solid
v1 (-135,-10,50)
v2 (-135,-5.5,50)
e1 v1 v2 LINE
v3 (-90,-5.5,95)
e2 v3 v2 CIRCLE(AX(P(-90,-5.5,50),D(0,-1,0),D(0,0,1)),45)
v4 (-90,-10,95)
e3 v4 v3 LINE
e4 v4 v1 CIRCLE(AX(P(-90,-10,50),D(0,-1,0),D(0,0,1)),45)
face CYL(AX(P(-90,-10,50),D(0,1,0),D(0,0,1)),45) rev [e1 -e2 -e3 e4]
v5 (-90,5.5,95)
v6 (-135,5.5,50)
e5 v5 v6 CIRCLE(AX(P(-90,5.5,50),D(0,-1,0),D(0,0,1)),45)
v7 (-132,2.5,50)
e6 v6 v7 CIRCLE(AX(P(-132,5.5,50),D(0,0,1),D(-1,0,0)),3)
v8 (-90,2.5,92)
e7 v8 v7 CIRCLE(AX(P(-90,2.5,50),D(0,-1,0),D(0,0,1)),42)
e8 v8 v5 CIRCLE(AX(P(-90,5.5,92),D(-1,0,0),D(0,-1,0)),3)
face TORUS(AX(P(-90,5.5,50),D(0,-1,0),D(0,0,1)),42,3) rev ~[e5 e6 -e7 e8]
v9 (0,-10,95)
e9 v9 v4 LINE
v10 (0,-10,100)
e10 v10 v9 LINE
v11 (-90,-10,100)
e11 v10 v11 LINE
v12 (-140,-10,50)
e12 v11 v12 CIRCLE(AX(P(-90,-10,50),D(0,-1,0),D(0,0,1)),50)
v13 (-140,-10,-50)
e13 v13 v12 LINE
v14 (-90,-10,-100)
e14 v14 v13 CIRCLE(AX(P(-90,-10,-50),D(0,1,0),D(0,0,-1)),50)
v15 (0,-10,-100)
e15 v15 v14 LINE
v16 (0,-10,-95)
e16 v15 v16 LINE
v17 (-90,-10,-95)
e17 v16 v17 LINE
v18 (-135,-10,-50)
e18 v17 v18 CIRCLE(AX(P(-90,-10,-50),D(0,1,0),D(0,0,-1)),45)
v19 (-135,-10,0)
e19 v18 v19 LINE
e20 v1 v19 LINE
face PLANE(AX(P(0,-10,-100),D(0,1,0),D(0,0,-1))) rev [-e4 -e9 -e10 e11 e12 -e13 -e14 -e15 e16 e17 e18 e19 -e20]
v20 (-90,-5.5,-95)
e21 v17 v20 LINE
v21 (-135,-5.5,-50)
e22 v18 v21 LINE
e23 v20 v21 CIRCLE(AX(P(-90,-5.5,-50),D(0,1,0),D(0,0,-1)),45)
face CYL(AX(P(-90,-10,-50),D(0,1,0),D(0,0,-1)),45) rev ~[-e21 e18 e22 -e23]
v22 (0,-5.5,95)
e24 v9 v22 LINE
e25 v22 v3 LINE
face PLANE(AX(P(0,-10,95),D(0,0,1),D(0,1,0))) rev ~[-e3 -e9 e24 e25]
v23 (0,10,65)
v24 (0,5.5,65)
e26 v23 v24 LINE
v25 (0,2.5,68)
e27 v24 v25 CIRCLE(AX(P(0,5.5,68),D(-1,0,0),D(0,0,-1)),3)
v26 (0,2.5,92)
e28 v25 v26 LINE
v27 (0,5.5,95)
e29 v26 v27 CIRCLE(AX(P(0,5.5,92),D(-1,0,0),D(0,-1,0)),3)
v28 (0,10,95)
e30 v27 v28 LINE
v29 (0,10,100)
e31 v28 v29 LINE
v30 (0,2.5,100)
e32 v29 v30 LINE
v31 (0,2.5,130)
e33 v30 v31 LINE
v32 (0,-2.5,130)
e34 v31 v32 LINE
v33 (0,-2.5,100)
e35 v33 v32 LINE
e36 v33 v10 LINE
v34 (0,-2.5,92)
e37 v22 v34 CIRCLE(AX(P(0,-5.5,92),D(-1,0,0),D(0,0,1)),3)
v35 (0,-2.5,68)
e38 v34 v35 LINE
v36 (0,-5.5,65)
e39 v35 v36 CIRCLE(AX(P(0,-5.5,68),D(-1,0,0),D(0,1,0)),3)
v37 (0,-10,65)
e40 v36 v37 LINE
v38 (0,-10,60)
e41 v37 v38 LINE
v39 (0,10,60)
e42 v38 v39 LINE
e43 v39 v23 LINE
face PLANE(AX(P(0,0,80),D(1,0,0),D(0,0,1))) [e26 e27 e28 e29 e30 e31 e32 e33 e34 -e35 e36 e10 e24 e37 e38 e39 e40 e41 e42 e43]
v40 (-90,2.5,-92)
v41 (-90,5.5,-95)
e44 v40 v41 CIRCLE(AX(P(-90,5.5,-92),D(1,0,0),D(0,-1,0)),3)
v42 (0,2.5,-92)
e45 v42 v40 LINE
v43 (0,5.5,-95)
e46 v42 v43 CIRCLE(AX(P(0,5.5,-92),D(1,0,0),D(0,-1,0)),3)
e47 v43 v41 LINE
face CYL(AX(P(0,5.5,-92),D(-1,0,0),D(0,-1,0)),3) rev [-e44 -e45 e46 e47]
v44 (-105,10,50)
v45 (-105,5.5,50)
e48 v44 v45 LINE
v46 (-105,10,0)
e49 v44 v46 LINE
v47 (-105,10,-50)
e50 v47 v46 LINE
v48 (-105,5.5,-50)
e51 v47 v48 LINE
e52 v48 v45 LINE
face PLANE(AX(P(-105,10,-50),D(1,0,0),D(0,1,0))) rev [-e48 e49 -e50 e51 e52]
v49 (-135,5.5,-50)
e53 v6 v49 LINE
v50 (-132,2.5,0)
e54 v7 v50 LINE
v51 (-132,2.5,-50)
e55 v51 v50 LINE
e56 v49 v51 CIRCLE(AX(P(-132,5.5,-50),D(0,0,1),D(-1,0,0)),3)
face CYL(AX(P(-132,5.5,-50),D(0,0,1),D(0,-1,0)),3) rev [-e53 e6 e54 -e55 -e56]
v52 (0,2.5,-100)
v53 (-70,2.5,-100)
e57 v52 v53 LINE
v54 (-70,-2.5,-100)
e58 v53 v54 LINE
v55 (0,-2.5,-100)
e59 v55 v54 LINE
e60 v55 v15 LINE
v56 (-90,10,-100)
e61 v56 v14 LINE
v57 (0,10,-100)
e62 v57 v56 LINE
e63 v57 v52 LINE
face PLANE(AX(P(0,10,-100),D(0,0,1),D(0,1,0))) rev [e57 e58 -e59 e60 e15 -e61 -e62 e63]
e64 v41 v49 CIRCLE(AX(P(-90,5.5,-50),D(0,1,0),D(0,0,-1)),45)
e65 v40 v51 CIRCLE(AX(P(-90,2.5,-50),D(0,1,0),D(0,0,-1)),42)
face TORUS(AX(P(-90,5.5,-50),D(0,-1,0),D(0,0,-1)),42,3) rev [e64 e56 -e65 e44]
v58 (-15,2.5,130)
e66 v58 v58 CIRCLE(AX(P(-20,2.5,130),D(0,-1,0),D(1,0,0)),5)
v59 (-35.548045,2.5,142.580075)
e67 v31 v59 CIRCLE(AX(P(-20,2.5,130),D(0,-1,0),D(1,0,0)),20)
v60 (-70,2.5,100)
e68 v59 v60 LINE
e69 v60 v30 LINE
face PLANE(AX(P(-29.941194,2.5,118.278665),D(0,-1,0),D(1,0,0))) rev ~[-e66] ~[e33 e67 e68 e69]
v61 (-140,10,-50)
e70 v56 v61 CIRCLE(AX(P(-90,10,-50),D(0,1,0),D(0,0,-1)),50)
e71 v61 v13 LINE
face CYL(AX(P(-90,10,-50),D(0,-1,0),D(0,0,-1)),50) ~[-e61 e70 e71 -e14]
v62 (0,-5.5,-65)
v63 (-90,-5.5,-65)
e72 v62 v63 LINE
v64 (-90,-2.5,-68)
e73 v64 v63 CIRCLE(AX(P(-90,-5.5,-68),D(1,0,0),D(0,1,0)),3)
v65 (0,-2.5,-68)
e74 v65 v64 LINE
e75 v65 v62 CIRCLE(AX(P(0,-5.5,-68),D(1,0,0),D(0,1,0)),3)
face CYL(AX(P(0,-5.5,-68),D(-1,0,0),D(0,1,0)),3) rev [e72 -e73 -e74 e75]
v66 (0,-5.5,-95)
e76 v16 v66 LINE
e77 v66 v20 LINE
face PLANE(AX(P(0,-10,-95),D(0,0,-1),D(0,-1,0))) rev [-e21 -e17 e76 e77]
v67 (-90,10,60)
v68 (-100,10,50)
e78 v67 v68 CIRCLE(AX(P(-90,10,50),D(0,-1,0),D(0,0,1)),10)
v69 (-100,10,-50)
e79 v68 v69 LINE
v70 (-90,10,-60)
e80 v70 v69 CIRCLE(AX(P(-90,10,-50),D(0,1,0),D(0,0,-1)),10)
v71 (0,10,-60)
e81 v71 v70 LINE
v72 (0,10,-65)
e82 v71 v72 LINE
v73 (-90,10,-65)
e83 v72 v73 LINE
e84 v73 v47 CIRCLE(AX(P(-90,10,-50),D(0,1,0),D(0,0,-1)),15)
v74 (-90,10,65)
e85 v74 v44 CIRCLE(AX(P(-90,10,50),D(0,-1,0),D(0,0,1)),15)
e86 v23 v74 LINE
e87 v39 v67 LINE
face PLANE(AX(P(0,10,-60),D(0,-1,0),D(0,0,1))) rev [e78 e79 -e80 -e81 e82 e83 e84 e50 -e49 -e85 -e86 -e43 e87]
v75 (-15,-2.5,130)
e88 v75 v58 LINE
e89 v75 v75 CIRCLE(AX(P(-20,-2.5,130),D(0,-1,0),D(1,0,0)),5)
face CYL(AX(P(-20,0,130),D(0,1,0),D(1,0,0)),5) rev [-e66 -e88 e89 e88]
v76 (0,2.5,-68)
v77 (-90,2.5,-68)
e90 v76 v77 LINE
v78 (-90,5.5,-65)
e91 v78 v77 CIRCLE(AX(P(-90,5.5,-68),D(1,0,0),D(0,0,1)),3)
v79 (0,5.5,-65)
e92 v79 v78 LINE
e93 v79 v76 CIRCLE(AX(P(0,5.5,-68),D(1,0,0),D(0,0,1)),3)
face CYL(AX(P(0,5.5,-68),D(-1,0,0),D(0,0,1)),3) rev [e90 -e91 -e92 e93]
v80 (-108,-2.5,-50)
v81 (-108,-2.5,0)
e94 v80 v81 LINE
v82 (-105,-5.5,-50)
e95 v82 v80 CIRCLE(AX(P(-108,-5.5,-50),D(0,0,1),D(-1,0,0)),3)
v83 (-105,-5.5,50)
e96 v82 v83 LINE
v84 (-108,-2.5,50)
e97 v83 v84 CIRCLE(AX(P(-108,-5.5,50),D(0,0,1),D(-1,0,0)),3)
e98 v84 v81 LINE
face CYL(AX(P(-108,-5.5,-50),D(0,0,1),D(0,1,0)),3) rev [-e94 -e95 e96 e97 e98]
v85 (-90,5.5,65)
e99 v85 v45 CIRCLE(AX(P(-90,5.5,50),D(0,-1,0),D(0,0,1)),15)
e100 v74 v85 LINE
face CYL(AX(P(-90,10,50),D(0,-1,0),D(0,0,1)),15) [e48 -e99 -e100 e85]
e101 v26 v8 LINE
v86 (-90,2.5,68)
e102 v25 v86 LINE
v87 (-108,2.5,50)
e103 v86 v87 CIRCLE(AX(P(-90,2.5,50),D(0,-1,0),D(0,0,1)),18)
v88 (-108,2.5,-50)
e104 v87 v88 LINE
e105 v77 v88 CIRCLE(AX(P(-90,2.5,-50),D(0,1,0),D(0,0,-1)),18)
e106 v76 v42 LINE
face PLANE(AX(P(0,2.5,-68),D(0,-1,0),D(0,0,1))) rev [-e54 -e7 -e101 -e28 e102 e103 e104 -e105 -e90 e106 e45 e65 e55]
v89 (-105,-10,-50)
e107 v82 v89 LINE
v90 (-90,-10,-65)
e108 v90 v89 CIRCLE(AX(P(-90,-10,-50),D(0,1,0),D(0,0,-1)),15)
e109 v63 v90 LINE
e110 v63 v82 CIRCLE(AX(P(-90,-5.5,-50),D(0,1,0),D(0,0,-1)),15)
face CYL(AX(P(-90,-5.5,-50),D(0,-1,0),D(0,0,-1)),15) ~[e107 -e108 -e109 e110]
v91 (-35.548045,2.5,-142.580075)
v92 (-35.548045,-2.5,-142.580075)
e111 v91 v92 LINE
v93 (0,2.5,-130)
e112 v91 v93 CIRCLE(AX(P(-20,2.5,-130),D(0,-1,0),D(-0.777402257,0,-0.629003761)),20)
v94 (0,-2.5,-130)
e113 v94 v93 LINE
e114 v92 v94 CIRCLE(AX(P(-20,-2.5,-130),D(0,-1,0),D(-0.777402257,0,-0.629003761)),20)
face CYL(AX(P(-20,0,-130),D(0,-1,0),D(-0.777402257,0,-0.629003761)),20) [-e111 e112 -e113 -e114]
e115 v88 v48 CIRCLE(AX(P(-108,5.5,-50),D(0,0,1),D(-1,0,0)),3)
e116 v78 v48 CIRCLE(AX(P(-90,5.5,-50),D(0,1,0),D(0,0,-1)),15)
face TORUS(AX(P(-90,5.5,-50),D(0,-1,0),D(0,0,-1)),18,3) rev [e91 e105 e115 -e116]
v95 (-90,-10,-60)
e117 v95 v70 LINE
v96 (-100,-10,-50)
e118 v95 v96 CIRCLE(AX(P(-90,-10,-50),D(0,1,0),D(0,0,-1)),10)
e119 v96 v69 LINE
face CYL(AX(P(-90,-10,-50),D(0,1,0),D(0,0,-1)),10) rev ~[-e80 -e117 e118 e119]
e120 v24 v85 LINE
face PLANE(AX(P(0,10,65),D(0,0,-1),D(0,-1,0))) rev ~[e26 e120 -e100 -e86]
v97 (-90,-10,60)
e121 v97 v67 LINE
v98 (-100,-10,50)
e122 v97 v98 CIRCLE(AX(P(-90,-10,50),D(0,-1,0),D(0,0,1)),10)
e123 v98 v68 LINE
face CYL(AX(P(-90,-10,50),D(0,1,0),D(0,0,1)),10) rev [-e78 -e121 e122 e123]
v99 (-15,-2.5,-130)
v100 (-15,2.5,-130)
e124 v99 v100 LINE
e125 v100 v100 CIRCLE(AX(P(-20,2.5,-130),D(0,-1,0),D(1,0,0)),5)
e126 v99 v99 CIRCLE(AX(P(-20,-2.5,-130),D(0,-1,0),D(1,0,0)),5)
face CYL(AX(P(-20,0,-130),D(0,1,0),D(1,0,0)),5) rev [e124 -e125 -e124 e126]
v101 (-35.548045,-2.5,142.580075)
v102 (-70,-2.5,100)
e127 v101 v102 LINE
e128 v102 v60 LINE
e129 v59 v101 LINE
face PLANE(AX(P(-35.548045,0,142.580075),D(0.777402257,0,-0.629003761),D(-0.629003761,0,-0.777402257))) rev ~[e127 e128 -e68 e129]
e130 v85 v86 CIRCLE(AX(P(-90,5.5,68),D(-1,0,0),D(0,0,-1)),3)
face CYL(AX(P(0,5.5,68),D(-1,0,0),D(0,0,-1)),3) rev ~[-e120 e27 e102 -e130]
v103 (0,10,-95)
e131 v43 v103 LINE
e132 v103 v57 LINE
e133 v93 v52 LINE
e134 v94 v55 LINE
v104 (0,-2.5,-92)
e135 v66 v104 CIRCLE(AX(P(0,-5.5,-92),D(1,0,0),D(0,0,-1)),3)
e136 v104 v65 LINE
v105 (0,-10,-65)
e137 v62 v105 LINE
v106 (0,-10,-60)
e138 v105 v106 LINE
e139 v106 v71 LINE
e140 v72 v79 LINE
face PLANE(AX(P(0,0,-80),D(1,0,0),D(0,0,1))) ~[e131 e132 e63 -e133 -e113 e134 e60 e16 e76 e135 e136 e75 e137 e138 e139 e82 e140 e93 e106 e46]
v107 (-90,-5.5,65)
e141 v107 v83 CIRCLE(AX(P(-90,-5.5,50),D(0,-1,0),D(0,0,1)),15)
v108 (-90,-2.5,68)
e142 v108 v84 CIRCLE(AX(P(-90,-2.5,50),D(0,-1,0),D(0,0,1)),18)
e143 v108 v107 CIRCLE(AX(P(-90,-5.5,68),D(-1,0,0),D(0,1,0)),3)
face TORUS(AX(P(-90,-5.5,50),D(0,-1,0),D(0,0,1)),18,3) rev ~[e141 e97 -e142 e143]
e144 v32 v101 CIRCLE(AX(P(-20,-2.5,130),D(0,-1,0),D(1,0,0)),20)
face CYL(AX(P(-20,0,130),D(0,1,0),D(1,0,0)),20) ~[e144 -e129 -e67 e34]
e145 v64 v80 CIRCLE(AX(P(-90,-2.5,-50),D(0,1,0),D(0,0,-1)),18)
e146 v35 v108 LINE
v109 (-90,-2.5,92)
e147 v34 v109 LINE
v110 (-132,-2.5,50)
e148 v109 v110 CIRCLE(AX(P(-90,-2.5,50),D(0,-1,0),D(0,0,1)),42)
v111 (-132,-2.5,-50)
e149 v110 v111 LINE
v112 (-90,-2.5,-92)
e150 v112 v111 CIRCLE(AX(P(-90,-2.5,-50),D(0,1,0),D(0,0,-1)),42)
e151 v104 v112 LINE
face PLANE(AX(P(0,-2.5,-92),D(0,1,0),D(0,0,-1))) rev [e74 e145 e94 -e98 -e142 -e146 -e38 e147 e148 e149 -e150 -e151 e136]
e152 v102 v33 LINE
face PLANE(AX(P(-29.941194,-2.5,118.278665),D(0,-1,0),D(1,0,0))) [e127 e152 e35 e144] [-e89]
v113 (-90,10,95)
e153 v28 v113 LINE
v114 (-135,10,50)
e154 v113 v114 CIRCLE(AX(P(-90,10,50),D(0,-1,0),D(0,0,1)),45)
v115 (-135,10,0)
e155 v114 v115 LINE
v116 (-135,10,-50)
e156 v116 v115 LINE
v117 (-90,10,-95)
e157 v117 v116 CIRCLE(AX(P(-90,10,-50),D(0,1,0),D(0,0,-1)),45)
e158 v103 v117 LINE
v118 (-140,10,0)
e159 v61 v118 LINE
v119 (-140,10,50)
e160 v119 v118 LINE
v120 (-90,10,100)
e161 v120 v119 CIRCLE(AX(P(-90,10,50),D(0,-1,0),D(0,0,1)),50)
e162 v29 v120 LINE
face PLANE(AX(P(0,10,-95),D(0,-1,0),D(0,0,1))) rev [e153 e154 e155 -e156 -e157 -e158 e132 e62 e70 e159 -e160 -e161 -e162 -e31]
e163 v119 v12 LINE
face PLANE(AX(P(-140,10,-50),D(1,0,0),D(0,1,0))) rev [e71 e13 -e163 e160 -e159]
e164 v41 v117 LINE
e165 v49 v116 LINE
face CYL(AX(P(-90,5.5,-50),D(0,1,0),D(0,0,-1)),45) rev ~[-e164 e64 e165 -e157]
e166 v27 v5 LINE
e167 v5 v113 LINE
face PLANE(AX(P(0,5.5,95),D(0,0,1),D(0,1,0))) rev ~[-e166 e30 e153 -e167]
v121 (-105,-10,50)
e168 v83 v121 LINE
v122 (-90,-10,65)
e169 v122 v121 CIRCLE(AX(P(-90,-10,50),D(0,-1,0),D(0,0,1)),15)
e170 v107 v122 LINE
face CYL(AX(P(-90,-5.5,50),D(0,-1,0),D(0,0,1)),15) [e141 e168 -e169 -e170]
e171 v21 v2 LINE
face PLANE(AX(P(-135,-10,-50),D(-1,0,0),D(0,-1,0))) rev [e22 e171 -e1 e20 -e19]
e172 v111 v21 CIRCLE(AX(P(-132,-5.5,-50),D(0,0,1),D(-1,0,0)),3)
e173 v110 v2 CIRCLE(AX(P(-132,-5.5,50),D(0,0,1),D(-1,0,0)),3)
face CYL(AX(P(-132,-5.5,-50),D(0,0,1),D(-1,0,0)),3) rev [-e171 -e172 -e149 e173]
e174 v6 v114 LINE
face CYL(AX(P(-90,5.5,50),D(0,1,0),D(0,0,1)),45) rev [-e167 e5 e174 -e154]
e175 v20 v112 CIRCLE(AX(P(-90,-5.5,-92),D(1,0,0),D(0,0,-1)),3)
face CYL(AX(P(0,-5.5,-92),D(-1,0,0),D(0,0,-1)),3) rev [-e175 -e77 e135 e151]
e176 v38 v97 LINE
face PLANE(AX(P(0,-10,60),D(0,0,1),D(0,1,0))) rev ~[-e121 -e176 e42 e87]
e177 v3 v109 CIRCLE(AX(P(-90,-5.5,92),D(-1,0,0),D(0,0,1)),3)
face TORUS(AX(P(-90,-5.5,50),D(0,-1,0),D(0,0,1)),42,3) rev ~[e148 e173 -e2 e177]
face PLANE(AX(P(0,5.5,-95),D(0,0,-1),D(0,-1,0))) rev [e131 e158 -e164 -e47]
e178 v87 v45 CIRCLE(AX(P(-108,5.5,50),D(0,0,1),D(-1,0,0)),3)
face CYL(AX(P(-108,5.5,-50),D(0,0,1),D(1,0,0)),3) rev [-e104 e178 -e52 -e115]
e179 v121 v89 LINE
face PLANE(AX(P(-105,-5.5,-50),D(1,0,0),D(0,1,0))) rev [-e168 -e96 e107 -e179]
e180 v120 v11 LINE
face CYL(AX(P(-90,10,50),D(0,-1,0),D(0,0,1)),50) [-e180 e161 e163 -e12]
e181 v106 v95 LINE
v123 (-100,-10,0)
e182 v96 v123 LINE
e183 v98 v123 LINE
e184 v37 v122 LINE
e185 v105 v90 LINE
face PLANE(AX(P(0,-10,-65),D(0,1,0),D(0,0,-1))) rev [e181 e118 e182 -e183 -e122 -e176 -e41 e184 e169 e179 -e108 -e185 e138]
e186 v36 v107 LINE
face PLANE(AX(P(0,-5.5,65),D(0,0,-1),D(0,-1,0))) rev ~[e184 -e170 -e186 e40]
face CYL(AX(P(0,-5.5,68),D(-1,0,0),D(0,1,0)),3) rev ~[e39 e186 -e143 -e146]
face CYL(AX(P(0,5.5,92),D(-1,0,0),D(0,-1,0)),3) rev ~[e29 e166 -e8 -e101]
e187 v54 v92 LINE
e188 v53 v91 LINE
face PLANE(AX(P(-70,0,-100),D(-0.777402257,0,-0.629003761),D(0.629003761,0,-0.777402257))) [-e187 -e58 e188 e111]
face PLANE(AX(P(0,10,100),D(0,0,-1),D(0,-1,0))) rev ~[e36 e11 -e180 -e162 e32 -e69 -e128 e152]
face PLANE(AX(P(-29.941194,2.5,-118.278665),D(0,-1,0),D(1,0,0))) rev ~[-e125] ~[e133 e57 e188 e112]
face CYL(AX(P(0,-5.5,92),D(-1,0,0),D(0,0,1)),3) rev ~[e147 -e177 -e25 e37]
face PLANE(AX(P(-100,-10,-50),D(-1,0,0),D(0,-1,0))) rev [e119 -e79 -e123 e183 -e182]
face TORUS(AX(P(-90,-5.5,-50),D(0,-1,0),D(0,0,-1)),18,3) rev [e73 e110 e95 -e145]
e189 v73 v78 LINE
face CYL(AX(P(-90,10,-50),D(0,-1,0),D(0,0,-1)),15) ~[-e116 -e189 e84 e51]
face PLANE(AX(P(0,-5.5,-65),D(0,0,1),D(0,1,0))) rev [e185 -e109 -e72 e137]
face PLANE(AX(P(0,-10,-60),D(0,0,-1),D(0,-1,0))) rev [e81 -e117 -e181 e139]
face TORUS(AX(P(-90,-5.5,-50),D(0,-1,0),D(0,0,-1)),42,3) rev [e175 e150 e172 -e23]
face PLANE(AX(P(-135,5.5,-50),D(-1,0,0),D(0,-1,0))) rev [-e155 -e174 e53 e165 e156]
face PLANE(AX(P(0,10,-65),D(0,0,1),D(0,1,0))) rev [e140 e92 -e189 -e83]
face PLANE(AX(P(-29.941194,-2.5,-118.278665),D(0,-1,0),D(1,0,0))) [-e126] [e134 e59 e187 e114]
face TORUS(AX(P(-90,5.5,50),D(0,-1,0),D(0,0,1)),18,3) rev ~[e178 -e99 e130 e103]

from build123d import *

# Parameters (mm, degrees)
F4_R     = 5
F5_DEPTH = 2.5


with BuildPart() as f2:
    # F2: sweep along a path in F0
    with BuildLine(Plane.XZ) as f2_path:
        Line((0, 60), (-90, 60))
        ThreePointArc((-90, 60), (-97.0710678119, 57.0710678119), (-100, 50))
        Line((-100, 50), (-100, 0))
    # F1 (on Right) → F2 (sweep)
    with BuildSketch(Plane.YZ):
        with BuildLine():
            Line((10, 95), (10, 100))
            Line((10, 100), (-10, 100))
            Line((-10, 100), (-10, 95))
            Line((-10, 95), (-5.5, 95))
            ThreePointArc((-5.5, 95), (-3.3786796564, 94.1213203436), (-2.5, 92))
            Line((-2.5, 92), (-2.5, 68))
            ThreePointArc((-2.5, 68), (-3.3786796564, 65.8786796564), (-5.5, 65))
            Line((-5.5, 65), (-10, 65))
            Line((-10, 65), (-10, 60))
            Line((-10, 60), (0, 60))
            Line((0, 60), (10, 60))
            Line((10, 60), (10, 65))
            Line((10, 65), (5.5, 65))
            ThreePointArc((5.5, 65), (3.3786796564, 65.8786796564), (2.5, 68))
            Line((2.5, 68), (2.5, 92))
            ThreePointArc((2.5, 92), (3.3786796564, 94.1213203436), (5.5, 95))
            Line((5.5, 95), (10, 95))
        make_face()
    sweep(path=f2_path.line)

    # F3: F2 across plane


with BuildPart() as f2_1:
    add(f2.part)
    add(f2.part.mirror(Plane.XY))

    # F4 (on Front) → F5 (join, symmetric)
    with BuildSketch(Plane.XZ):
        with BuildLine():
            Line((0, 100), (0, 130))
            ThreePointArc((0, 130), (-13.3277028936, 148.8541892248), (-35.5480451324, 142.5800752207))
            Line((-35.5480451324, 142.5800752207), (-70, 100))
            Line((-70, 100), (0, 100))
        make_face()
        with Locations((-20, 130)):
            Circle(F4_R, mode=Mode.SUBTRACT)
        with BuildLine():
            Line((0, -100), (-70, -100))
            Line((-70, -100), (-35.5480451324, -142.5800752207))
            ThreePointArc((-35.5480451324, -142.5800752207), (-13.3277028936, -148.8541892248), (0, -130))
            Line((0, -130), (0, -100))
        make_face()
        with Locations((-20, -130)):
            Circle(F4_R, mode=Mode.SUBTRACT)
    extrude(amount=F5_DEPTH, both=True)


solid = f2_1.part
